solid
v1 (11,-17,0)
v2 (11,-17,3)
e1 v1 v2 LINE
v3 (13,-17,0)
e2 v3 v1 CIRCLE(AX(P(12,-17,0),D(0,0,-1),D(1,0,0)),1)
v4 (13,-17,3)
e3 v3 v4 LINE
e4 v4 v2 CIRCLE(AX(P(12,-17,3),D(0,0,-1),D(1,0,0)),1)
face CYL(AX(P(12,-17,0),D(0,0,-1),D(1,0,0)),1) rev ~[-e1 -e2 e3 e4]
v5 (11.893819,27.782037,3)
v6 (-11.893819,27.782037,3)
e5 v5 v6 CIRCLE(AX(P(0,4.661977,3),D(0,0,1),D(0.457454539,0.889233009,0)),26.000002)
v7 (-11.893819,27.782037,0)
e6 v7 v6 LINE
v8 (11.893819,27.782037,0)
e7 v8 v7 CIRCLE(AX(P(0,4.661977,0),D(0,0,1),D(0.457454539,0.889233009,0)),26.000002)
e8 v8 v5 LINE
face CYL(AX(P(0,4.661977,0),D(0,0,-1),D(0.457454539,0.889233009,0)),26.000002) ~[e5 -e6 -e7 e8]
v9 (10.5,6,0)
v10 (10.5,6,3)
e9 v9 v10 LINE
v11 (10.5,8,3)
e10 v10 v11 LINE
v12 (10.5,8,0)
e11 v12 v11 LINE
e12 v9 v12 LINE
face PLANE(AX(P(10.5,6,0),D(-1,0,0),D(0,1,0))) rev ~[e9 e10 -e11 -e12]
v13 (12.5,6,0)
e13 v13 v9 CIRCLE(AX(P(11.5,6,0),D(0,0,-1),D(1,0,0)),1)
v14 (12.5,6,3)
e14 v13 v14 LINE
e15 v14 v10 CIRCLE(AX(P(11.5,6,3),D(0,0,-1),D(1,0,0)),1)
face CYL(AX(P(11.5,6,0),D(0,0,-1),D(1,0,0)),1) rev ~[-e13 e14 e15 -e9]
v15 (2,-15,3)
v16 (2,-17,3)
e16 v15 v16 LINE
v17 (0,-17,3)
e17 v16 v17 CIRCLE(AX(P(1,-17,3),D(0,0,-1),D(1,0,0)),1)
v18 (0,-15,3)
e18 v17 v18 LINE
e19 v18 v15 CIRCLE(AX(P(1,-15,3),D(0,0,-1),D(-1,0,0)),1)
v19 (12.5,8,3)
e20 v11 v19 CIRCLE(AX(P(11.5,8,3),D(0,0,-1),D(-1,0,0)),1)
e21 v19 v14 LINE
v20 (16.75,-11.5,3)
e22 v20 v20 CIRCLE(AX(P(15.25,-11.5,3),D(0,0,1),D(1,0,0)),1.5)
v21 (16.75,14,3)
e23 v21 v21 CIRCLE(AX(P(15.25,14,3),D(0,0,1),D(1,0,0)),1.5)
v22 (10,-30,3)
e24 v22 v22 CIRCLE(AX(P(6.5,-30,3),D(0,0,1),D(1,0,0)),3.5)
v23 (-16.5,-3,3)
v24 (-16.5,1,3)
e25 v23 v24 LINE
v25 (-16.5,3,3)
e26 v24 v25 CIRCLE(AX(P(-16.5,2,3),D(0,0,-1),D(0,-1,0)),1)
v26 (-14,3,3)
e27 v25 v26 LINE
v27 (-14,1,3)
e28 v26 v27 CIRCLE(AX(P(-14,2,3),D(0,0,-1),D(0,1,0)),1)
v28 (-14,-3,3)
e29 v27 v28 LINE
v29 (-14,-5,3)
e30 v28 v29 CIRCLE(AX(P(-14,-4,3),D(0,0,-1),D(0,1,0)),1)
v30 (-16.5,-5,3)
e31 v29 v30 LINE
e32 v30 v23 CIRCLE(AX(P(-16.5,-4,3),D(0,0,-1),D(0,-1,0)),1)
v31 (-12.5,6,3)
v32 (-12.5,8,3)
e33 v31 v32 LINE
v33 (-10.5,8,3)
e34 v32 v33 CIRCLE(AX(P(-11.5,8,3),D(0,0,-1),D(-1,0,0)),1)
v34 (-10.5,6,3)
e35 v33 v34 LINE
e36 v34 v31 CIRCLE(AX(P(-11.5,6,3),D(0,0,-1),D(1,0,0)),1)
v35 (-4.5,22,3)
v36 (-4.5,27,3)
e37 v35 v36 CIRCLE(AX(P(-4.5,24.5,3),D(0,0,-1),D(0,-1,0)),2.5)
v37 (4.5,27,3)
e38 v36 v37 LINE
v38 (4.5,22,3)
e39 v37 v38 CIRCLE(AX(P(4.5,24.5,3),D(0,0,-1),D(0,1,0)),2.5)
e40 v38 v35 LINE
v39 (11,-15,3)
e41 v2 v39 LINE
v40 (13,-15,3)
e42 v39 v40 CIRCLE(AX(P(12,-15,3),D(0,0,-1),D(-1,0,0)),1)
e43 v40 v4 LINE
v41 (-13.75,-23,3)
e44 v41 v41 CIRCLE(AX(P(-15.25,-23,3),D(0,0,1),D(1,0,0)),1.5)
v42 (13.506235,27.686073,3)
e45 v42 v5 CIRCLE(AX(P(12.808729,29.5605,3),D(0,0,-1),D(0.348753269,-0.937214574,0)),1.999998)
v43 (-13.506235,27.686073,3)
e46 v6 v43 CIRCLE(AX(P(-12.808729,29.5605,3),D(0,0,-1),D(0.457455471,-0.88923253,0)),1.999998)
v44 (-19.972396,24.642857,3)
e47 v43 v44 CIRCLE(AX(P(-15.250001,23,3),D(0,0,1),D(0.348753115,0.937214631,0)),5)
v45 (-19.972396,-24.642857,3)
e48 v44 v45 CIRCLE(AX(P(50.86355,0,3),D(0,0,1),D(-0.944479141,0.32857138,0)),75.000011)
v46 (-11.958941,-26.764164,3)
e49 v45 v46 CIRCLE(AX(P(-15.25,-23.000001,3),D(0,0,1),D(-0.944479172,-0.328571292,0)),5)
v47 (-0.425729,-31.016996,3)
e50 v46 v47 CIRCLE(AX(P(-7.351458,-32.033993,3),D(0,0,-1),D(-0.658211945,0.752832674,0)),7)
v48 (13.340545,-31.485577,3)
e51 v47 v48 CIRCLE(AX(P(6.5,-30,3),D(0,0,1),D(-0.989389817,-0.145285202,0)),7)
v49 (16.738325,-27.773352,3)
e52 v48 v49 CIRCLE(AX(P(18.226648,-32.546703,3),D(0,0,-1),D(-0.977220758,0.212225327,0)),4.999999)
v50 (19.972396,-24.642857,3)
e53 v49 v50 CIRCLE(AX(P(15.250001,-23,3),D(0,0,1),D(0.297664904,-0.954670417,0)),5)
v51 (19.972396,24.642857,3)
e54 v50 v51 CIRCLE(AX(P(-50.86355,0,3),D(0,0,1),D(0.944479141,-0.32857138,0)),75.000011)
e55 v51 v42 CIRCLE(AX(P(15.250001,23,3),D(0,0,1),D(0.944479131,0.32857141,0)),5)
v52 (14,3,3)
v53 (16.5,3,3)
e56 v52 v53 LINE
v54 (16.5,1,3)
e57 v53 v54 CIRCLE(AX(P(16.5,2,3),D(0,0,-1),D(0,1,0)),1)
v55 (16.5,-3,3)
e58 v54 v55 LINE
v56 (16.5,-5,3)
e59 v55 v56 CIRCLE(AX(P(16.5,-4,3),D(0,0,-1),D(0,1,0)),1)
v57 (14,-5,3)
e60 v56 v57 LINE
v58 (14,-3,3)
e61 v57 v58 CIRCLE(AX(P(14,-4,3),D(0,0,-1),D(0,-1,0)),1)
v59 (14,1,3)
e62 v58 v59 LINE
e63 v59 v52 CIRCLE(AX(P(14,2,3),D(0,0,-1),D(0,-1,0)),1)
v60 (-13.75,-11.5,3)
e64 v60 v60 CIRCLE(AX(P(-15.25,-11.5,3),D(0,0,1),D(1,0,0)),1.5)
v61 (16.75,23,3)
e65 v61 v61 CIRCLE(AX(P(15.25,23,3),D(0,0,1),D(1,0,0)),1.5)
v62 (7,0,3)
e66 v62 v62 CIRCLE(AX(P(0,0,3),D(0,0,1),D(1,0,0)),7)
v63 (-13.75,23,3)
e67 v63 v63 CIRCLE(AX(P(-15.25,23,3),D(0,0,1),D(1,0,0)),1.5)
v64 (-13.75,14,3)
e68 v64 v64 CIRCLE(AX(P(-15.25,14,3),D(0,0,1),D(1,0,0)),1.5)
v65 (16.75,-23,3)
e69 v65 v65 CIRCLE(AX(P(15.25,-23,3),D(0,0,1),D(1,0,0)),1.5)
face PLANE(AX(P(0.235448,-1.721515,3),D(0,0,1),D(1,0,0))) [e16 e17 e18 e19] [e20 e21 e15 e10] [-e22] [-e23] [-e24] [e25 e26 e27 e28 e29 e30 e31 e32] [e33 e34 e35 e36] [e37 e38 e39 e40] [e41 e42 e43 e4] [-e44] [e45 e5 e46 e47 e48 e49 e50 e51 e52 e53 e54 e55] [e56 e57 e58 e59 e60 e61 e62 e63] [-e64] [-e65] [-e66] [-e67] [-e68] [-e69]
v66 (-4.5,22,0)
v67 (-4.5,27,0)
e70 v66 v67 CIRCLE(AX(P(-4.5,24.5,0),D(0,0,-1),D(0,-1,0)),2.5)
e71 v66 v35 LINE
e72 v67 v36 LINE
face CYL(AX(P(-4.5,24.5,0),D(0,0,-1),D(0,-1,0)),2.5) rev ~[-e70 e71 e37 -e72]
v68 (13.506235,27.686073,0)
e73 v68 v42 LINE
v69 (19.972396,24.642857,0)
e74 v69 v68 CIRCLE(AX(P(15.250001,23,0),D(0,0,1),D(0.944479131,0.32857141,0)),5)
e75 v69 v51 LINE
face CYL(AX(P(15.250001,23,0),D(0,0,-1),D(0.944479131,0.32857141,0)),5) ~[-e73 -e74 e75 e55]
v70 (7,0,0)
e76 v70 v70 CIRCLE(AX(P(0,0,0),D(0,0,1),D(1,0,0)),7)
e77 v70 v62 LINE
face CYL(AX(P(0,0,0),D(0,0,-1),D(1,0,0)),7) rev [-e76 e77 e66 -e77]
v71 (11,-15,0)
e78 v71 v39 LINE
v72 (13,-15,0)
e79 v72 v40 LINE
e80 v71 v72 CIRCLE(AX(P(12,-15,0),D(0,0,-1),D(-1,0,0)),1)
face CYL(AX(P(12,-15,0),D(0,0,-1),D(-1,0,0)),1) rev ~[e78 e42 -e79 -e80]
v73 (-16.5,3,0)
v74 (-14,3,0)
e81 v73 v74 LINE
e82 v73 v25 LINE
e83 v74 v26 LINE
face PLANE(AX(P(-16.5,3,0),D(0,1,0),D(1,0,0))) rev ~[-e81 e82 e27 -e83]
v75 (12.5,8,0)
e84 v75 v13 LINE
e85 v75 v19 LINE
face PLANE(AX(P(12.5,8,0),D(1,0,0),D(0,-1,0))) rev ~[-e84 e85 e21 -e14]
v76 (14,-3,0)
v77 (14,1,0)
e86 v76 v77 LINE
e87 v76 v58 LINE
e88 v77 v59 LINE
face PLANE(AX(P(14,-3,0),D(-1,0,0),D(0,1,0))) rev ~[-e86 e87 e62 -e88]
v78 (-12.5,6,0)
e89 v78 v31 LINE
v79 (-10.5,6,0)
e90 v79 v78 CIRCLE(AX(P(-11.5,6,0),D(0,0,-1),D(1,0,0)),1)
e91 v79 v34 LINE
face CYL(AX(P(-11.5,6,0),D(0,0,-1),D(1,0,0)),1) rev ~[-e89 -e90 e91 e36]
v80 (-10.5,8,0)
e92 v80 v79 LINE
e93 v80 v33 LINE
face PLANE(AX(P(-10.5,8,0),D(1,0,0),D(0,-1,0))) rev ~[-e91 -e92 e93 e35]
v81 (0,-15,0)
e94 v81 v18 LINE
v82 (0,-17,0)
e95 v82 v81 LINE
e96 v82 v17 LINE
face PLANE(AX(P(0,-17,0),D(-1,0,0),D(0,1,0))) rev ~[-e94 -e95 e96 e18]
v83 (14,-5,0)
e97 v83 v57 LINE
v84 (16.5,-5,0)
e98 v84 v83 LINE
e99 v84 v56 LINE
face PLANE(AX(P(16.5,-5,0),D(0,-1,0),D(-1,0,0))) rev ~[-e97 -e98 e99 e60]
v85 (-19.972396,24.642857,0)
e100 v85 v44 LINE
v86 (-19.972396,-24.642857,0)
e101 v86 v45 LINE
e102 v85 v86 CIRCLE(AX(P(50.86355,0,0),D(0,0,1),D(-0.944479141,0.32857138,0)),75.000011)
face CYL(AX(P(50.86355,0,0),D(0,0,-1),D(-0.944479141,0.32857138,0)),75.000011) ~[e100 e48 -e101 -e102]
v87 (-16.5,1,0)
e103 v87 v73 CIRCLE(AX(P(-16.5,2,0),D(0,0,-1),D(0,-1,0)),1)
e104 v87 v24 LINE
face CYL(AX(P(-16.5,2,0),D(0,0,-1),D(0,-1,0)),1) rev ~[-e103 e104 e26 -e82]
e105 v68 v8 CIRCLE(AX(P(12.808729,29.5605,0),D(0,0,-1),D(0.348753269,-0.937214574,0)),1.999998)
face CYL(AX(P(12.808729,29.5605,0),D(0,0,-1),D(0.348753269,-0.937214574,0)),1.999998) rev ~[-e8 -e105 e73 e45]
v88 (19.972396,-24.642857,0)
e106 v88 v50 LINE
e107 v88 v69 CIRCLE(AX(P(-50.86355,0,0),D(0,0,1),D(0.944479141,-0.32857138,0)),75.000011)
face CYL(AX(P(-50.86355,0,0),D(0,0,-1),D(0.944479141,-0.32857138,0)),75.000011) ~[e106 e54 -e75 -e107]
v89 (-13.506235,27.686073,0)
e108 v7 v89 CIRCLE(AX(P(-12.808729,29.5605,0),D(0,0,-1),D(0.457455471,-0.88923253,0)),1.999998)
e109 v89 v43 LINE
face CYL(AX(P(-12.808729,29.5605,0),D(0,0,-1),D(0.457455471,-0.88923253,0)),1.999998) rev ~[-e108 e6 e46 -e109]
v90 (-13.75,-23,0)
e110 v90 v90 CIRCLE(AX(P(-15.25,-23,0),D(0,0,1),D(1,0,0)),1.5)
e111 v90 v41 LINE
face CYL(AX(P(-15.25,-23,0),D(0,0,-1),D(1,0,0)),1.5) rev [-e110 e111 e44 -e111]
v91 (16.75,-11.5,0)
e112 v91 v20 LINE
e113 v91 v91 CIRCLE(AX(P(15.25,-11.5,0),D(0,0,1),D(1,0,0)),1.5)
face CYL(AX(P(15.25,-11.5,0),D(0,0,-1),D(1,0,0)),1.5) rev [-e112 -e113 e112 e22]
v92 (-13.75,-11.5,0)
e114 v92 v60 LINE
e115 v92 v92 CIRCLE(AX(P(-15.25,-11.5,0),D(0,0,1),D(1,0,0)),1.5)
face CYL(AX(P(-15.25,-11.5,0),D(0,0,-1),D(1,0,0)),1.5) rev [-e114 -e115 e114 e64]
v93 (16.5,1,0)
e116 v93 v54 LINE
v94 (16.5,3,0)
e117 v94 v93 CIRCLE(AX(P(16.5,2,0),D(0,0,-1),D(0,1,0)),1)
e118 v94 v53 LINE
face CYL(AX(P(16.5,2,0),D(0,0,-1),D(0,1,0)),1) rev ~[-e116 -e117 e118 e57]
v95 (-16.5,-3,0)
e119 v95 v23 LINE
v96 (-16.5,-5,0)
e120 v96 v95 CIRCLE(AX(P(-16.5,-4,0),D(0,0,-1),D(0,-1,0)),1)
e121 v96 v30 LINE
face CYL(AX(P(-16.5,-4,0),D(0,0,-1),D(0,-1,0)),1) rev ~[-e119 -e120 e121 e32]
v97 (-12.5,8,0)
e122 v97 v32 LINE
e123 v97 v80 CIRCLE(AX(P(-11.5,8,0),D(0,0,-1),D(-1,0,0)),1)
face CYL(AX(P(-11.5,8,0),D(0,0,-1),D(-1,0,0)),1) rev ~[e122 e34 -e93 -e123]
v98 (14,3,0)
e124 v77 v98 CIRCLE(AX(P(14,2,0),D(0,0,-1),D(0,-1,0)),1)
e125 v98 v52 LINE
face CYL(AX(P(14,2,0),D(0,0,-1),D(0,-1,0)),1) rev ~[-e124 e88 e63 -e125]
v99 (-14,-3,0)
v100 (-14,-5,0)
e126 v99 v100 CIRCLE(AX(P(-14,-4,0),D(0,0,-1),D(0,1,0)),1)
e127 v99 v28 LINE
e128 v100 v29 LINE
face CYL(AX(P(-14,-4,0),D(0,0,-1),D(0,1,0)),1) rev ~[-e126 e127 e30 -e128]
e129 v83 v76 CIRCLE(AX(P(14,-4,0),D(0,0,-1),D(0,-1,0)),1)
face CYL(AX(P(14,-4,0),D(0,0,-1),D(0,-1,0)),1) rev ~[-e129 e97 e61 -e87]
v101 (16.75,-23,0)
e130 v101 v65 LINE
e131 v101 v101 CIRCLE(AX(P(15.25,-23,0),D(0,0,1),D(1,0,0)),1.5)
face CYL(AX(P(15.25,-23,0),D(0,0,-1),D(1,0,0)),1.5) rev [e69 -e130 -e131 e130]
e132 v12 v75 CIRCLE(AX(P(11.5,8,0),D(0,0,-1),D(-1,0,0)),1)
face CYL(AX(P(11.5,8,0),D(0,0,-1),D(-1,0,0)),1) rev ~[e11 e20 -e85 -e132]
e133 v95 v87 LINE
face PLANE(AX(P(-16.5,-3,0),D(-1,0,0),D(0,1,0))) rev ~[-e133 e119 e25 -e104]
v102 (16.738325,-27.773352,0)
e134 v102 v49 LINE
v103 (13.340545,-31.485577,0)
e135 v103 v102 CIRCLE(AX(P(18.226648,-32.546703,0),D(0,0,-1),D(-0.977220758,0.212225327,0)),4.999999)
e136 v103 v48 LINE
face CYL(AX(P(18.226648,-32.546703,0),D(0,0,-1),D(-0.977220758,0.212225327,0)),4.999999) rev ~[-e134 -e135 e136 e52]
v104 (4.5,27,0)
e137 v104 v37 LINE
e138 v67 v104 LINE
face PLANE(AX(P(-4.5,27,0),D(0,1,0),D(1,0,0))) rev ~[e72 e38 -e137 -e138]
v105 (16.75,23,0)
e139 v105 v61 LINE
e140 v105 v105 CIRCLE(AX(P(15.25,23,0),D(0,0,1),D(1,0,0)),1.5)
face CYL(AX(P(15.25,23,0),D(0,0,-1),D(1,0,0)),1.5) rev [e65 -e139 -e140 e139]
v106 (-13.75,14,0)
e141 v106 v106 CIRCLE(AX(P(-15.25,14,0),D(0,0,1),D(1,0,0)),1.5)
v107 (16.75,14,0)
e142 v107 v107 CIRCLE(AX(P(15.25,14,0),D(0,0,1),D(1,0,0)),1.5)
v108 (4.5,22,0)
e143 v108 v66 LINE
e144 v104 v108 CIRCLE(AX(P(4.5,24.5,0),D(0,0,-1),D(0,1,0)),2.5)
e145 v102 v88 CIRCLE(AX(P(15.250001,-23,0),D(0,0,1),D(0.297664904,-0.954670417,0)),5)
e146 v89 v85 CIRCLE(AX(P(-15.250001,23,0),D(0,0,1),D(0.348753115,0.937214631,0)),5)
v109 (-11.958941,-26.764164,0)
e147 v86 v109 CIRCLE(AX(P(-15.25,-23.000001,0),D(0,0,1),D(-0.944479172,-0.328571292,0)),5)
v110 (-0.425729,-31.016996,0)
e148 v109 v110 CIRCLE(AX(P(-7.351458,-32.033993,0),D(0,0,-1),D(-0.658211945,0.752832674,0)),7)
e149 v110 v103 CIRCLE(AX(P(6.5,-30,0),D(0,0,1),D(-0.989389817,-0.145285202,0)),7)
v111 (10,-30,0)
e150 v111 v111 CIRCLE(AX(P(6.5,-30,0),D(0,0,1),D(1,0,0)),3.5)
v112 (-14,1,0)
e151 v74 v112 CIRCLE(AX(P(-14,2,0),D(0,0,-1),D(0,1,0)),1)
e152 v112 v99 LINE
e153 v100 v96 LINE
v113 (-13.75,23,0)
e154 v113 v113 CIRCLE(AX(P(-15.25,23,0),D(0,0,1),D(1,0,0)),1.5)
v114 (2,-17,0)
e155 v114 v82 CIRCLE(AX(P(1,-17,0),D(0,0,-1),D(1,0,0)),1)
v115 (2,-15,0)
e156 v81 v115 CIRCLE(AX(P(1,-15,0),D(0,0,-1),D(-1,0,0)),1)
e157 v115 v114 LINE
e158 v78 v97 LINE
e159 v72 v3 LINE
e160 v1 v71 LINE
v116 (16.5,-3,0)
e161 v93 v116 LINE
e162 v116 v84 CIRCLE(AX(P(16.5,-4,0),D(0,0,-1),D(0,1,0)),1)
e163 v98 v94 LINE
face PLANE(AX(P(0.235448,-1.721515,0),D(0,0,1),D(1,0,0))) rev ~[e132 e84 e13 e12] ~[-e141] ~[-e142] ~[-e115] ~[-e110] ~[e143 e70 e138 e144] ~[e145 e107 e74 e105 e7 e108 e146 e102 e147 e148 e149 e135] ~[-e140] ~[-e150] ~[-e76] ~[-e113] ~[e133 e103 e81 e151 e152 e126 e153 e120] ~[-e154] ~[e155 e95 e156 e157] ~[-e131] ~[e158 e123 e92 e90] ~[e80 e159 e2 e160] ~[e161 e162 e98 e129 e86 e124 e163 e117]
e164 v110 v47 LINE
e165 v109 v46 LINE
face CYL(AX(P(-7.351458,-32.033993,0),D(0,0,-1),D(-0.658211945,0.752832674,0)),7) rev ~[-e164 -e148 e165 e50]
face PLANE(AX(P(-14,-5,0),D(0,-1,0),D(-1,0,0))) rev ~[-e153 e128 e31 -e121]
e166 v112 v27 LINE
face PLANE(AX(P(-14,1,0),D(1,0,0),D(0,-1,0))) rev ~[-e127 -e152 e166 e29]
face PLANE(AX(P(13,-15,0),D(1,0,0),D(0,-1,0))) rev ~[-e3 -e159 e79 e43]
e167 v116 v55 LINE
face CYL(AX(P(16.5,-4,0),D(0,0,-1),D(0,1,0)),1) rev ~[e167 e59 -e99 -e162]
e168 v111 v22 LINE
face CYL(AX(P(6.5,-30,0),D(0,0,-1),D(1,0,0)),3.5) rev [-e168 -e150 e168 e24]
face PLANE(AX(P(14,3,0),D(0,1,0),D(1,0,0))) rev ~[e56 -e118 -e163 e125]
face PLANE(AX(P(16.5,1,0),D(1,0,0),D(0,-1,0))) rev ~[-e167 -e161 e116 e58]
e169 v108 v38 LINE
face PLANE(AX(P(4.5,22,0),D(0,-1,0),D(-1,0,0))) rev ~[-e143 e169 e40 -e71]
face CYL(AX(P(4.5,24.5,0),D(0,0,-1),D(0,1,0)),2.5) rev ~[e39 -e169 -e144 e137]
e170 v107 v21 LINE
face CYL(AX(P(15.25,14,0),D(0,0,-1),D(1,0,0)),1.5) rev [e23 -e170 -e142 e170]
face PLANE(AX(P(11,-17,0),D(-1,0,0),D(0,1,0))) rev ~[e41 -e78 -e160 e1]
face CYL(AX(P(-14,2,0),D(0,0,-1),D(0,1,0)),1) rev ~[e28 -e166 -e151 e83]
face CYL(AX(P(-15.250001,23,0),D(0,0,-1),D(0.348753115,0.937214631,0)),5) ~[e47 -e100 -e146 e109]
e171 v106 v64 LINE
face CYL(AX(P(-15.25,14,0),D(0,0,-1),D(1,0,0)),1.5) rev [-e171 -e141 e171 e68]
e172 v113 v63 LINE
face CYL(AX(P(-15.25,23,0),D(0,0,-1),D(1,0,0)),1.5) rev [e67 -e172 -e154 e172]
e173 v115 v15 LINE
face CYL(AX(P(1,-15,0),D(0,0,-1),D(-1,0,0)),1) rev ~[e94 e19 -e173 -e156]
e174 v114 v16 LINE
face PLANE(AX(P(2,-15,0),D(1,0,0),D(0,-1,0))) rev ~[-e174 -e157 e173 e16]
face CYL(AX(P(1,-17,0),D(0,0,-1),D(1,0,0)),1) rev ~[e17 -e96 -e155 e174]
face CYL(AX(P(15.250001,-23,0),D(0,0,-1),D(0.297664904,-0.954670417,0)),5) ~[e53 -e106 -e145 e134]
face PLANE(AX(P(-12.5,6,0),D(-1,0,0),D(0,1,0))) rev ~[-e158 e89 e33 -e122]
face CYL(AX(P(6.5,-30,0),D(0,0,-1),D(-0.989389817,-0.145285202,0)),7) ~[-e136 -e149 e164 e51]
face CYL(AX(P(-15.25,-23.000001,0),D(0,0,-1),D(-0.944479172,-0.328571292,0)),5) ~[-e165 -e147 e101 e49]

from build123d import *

# Parameters (mm, degrees)
F0_R     = 1.5
F0_R_2   = 3.5
F0_R_3   = 7
F1_DEPTH = 3


with BuildPart() as f1:
    # F0 (on Top) → F1 (new body)
    with BuildSketch(Plane.XY):
        with BuildLine():
            ThreePointArc((-11.893819, 27.782037), (-12.689908, 27.564035), (-13.506235, 27.686073))
            ThreePointArc((-13.506235, 27.686073), (-17.379167, 27.524008), (-19.972396, 24.642857))
            ThreePointArc((-19.972396, 24.642857), (-24.136461, 0), (-19.972396, -24.642857))
            ThreePointArc((-19.972396, -24.642857), (-16.529518, -27.833512), (-11.958941, -26.764164))
            ThreePointArc((-11.958941, -26.764164), (-4.929637, -25.466285), (-0.425729, -31.016996))
            ThreePointArc((-0.425729, -31.016996), (6.26187, -36.995948), (13.340545, -31.485577))
            ThreePointArc((13.340545, -31.485577), (14.538358, -29.170832), (16.738325, -27.773352))
            ThreePointArc((16.738325, -27.773352), (18.727537, -26.592595), (19.972396, -24.642857))
            ThreePointArc((19.972396, -24.642857), (24.136461, 0), (19.972396, 24.642857))
            ThreePointArc((19.972396, 24.642857), (17.379167, 27.524008), (13.506235, 27.686073))
            ThreePointArc((13.506235, 27.686073), (12.689908, 27.564035), (11.893819, 27.782037))
            ThreePointArc((11.893819, 27.782037), (0, 30.661979), (-11.893819, 27.782037))
        make_face()
        with Locations((-15.25, -23)):
            Circle(F0_R, mode=Mode.SUBTRACT)
        with Locations((-15.25, -11.5)):
            Circle(F0_R, mode=Mode.SUBTRACT)
        with Locations((6.5, -30)):
            Circle(F0_R_2, mode=Mode.SUBTRACT)
        with Locations((15.25, -23)):
            Circle(F0_R, mode=Mode.SUBTRACT)
        with BuildLine():
            Line((0, -17), (0, -15))
            ThreePointArc((0, -15), (1, -14), (2, -15))
            Line((2, -15), (2, -17))
            ThreePointArc((2, -17), (1, -18), (0, -17))
        make_face(mode=Mode.SUBTRACT)
        with BuildLine():
            Line((11, -17), (11, -15))
            ThreePointArc((11, -15), (12, -14), (13, -15))
            Line((13, -15), (13, -17))
            ThreePointArc((13, -17), (12, -18), (11, -17))
        make_face(mode=Mode.SUBTRACT)
        with Locations((15.25, -11.5)):
            Circle(F0_R, mode=Mode.SUBTRACT)
        with BuildLine():
            Line((-14, 1), (-14, -3))
            ThreePointArc((-14, -3), (-13, -4), (-14, -5))
            Line((-14, -5), (-16.5, -5))
            ThreePointArc((-16.5, -5), (-17.5, -4), (-16.5, -3))
            Line((-16.5, -3), (-16.5, 1))
            ThreePointArc((-16.5, 1), (-17.5, 2), (-16.5, 3))
            Line((-16.5, 3), (-14, 3))
            ThreePointArc((-14, 3), (-13, 2), (-14, 1))
        make_face(mode=Mode.SUBTRACT)
        with BuildLine():
            Line((-12.5, 6), (-12.5, 8))
            ThreePointArc((-12.5, 8), (-11.5, 9), (-10.5, 8))
            Line((-10.5, 8), (-10.5, 6))
            ThreePointArc((-10.5, 6), (-11.5, 5), (-12.5, 6))
        make_face(mode=Mode.SUBTRACT)
        with Locations((-15.25, 14)):
            Circle(F0_R, mode=Mode.SUBTRACT)
        with Locations((-15.25, 23)):
            Circle(F0_R, mode=Mode.SUBTRACT)
        Circle(F0_R_3, mode=Mode.SUBTRACT)
        with BuildLine():
            Line((10.5, 6), (10.5, 8))
            ThreePointArc((10.5, 8), (11.5, 9), (12.5, 8))
            Line((12.5, 8), (12.5, 6))
            ThreePointArc((12.5, 6), (11.5, 5), (10.5, 6))
        make_face(mode=Mode.SUBTRACT)
        with BuildLine():
            Line((14, 3), (16.5, 3))
            ThreePointArc((16.5, 3), (17.5, 2), (16.5, 1))
            Line((16.5, 1), (16.5, -3))
            ThreePointArc((16.5, -3), (17.5, -4), (16.5, -5))
            Line((16.5, -5), (14, -5))
            ThreePointArc((14, -5), (13, -4), (14, -3))
            Line((14, -3), (14, 1))
            ThreePointArc((14, 1), (13, 2), (14, 3))
        make_face(mode=Mode.SUBTRACT)
        with BuildLine():
            ThreePointArc((-4.5, 22), (-7, 24.5), (-4.5, 27))
            Line((-4.5, 27), (4.5, 27))
            ThreePointArc((4.5, 27), (7, 24.5), (4.5, 22))
            Line((4.5, 22), (-4.5, 22))
        make_face(mode=Mode.SUBTRACT)
        with Locations((15.25, 14)):
            Circle(F0_R, mode=Mode.SUBTRACT)
        with Locations((15.25, 23)):
            Circle(F0_R, mode=Mode.SUBTRACT)
    extrude(amount=F1_DEPTH)


solid = f1.part
